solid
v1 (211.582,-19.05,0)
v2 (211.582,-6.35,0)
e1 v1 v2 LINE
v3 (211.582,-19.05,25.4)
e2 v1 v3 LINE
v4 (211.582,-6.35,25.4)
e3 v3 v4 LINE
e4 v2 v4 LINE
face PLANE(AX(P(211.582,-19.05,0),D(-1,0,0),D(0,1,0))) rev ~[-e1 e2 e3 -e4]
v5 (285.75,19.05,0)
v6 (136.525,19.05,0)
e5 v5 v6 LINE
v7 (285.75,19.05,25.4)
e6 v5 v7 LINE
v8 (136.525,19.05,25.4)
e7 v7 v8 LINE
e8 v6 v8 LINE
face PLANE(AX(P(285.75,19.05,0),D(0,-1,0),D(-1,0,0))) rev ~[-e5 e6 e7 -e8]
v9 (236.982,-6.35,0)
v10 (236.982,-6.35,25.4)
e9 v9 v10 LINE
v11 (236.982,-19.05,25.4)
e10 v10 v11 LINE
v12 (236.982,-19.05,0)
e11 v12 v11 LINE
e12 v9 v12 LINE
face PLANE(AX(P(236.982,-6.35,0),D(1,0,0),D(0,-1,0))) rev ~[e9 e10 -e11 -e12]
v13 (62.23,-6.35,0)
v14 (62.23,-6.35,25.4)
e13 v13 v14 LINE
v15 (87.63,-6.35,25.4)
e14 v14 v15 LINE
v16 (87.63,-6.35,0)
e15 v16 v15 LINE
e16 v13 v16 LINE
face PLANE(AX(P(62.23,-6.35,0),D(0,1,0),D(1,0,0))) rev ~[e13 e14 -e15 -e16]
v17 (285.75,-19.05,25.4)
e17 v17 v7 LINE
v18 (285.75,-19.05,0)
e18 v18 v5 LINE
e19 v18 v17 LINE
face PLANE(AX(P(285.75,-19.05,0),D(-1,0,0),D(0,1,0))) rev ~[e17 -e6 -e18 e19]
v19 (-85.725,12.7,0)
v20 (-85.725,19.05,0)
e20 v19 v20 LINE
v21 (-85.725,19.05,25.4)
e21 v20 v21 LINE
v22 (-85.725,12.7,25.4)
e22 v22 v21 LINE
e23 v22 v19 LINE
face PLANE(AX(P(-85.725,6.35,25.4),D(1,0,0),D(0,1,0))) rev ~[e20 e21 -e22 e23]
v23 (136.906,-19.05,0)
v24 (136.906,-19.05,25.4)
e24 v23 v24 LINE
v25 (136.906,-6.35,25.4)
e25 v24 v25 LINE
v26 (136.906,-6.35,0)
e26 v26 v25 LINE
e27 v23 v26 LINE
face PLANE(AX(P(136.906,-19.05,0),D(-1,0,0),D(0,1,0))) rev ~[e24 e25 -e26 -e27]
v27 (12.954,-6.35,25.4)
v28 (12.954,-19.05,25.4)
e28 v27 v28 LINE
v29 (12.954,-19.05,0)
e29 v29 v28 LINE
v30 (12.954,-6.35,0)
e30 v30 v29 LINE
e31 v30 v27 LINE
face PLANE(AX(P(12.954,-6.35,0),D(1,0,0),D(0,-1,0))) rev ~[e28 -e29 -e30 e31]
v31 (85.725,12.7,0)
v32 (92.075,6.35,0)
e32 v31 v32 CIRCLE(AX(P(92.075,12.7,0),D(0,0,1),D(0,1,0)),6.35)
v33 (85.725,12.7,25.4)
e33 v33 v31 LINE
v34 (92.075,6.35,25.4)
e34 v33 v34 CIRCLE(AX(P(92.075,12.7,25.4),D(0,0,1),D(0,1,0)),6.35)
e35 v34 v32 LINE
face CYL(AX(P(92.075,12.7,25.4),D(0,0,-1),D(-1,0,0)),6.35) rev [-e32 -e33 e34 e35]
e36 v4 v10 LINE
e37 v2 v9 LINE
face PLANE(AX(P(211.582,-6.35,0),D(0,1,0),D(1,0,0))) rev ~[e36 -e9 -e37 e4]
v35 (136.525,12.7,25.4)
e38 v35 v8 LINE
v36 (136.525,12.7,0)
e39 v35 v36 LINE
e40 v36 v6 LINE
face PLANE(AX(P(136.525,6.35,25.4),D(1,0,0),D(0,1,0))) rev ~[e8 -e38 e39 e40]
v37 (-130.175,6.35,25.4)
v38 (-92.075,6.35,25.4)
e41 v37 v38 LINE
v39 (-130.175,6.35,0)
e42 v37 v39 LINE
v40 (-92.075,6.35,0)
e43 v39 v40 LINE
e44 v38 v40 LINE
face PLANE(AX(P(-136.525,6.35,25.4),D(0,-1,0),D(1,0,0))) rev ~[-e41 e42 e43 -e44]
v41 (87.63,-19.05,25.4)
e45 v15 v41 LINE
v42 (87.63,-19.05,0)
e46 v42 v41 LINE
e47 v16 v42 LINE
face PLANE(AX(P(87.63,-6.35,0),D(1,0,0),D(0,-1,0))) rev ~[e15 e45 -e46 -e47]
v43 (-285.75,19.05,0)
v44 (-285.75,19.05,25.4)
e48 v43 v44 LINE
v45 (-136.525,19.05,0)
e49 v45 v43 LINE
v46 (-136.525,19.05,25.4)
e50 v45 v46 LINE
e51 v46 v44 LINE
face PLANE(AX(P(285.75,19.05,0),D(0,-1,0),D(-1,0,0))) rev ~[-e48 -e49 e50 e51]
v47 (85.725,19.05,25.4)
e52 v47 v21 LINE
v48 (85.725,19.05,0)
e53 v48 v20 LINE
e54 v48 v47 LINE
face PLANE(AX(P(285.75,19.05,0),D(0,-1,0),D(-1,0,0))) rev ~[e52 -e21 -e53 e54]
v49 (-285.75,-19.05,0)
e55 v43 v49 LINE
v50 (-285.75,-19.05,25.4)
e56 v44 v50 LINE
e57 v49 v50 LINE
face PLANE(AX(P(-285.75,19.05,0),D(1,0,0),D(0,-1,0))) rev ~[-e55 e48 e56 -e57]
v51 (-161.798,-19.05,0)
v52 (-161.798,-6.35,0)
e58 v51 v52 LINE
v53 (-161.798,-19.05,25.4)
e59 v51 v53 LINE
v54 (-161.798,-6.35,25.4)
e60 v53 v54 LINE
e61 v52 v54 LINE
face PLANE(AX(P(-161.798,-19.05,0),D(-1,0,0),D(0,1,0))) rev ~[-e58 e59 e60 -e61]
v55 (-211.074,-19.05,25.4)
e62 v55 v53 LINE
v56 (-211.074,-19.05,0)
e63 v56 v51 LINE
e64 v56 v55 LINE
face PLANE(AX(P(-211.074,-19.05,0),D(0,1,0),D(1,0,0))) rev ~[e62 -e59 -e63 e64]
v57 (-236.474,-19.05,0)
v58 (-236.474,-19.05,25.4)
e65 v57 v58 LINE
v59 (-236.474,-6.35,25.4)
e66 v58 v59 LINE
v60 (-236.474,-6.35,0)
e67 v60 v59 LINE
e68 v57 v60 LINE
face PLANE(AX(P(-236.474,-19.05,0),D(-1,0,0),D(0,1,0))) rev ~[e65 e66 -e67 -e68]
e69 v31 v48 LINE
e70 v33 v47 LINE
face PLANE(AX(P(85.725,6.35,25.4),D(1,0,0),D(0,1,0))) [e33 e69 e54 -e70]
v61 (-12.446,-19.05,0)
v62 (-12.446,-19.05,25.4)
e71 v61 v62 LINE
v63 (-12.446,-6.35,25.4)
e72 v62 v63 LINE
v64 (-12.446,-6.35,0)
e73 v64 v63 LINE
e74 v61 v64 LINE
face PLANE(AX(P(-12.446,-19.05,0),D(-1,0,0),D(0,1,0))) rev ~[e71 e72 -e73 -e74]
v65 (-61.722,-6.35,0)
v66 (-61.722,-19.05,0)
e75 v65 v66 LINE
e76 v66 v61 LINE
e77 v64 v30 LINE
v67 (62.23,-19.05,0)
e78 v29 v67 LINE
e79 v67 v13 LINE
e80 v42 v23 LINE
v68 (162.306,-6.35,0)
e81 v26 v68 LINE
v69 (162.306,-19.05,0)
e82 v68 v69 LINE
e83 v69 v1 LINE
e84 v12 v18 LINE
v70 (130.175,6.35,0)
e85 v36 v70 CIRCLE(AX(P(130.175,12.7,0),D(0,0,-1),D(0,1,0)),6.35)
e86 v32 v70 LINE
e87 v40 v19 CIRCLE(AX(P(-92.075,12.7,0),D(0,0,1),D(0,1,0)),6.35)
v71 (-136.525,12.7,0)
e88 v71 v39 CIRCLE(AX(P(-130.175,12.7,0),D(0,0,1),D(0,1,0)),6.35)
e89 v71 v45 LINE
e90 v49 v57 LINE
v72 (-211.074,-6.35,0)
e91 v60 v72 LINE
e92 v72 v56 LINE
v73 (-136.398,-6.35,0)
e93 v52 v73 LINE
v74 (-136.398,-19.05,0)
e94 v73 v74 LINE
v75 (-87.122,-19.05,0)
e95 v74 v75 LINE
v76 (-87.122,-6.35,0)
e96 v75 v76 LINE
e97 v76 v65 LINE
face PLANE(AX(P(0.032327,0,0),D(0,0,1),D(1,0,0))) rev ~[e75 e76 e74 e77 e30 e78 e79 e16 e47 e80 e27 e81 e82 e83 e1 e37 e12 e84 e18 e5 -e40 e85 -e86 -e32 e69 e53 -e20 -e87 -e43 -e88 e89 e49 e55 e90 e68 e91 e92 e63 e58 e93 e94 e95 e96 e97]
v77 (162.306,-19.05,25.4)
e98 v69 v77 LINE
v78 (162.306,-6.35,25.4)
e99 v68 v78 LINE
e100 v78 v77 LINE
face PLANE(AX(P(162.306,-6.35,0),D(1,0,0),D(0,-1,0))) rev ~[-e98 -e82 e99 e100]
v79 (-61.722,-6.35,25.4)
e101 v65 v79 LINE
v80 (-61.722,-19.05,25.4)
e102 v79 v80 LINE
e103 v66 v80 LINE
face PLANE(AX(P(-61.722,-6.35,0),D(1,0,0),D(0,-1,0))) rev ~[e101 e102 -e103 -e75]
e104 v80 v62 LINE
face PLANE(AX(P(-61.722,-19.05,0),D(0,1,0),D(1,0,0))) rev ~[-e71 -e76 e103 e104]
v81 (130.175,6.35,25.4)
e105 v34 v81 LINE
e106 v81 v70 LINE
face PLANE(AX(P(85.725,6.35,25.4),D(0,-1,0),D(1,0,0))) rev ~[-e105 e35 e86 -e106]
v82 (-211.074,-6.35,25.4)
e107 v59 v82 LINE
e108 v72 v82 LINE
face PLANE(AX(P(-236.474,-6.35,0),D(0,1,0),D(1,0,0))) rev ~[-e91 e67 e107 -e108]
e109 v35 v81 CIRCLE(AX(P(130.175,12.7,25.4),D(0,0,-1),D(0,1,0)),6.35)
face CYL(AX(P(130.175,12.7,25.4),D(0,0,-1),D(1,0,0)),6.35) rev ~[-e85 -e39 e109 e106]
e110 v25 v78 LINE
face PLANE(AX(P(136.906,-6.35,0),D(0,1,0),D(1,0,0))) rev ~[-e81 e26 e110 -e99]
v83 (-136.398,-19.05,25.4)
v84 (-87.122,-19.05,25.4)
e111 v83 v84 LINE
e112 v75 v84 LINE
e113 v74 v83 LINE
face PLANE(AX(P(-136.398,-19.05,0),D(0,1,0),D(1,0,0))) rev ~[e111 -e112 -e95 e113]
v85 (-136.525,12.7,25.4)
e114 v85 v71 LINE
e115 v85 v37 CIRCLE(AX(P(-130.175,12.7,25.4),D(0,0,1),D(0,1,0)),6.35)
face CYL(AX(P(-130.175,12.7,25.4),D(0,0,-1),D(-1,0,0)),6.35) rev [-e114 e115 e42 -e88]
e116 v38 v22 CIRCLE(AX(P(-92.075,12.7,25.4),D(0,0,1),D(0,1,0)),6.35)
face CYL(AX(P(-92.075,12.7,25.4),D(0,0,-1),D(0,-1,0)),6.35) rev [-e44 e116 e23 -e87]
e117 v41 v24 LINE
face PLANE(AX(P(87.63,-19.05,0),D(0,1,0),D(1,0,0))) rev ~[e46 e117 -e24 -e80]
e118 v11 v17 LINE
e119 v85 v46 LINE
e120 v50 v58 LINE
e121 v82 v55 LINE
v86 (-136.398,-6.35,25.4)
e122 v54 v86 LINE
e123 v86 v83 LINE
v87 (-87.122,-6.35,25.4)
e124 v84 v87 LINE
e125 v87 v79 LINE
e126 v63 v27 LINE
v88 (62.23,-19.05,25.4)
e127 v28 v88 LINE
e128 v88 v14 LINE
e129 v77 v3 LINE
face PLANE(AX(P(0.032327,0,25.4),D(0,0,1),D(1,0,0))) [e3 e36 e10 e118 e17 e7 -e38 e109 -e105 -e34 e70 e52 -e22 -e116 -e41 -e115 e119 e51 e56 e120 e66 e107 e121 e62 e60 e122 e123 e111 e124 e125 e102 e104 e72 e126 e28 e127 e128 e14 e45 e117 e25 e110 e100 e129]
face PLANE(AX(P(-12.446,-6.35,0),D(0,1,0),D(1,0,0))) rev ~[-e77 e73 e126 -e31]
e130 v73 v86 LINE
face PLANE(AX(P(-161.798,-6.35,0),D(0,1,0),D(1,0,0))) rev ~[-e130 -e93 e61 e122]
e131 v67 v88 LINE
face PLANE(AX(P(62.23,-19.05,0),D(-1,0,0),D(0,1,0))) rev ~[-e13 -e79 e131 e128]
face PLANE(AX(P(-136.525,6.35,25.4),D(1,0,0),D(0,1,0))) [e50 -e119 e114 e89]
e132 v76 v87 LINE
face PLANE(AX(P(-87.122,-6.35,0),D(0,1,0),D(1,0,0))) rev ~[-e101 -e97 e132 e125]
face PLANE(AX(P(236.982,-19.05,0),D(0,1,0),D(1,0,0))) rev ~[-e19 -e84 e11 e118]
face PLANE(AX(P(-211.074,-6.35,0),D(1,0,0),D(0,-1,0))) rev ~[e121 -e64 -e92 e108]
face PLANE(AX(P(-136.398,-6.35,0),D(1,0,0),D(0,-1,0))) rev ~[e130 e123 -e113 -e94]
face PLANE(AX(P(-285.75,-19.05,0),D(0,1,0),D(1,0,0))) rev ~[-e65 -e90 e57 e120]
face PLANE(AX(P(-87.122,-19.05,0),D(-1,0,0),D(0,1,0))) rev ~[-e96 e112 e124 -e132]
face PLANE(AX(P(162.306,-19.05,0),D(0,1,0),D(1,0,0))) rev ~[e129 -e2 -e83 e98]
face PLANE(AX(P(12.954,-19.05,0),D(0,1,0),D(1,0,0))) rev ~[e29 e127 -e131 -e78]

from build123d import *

# Parameters (mm, degrees)
F1_DEPTH = 25.4
F2_W     = 50.8
F2_H     = 25.4
F3_DEPTH = 25.401
F4_R     = 6.35


with BuildPart() as f1:
    # F0 (on Top) → F1 (new body)
    with BuildSketch(Plane.XY):
        Polygon((285.75, 19.05), (-285.75, 19.05), (-285.75, -19.05), (-236.474, -19.05), (-236.474, -6.35), (-211.074, -6.35), (-211.074, -19.05), (-161.798, -19.05), (-161.798, -6.35), (-136.398, -6.35), (-136.398, -19.05), (-87.122, -19.05), (-87.122, -6.35), (-61.722, -6.35), (-61.722, -19.05), (-12.446, -19.05), (-12.446, -6.35), (12.954, -6.35), (12.954, -19.05), (62.23, -19.05), (62.23, -6.35), (87.63, -6.35), (87.63, -19.05), (136.906, -19.05), (136.906, -6.35), (162.306, -6.35), (162.306, -19.05), (211.582, -19.05), (211.582, -6.35), (236.982, -6.35), (236.982, -19.05), (285.75, -19.05), align=None)
    extrude(amount=F1_DEPTH)

    # F2 (on face) → F3 (cut, through all)
    with BuildSketch(Plane.XY.offset(25.4)):
        with Locations((-111.125, 19.05)):
            Rectangle(F2_W, F2_H)
        with Locations((111.125, 19.05)):
            Rectangle(F2_W, F2_H)
    extrude(amount=-F3_DEPTH, mode=Mode.SUBTRACT)

    # F4
    f4_edges = [f1.edges().sort_by_distance(p)[0] for p in [
        (-136.525, 6.35, 12.7),
        (-85.725, 6.35, 12.7),
        (136.525, 6.35, 12.7),
        (85.725, 6.35, 12.7),
    ]]
    fillet(f4_edges, radius=F4_R)


solid = f1.part
